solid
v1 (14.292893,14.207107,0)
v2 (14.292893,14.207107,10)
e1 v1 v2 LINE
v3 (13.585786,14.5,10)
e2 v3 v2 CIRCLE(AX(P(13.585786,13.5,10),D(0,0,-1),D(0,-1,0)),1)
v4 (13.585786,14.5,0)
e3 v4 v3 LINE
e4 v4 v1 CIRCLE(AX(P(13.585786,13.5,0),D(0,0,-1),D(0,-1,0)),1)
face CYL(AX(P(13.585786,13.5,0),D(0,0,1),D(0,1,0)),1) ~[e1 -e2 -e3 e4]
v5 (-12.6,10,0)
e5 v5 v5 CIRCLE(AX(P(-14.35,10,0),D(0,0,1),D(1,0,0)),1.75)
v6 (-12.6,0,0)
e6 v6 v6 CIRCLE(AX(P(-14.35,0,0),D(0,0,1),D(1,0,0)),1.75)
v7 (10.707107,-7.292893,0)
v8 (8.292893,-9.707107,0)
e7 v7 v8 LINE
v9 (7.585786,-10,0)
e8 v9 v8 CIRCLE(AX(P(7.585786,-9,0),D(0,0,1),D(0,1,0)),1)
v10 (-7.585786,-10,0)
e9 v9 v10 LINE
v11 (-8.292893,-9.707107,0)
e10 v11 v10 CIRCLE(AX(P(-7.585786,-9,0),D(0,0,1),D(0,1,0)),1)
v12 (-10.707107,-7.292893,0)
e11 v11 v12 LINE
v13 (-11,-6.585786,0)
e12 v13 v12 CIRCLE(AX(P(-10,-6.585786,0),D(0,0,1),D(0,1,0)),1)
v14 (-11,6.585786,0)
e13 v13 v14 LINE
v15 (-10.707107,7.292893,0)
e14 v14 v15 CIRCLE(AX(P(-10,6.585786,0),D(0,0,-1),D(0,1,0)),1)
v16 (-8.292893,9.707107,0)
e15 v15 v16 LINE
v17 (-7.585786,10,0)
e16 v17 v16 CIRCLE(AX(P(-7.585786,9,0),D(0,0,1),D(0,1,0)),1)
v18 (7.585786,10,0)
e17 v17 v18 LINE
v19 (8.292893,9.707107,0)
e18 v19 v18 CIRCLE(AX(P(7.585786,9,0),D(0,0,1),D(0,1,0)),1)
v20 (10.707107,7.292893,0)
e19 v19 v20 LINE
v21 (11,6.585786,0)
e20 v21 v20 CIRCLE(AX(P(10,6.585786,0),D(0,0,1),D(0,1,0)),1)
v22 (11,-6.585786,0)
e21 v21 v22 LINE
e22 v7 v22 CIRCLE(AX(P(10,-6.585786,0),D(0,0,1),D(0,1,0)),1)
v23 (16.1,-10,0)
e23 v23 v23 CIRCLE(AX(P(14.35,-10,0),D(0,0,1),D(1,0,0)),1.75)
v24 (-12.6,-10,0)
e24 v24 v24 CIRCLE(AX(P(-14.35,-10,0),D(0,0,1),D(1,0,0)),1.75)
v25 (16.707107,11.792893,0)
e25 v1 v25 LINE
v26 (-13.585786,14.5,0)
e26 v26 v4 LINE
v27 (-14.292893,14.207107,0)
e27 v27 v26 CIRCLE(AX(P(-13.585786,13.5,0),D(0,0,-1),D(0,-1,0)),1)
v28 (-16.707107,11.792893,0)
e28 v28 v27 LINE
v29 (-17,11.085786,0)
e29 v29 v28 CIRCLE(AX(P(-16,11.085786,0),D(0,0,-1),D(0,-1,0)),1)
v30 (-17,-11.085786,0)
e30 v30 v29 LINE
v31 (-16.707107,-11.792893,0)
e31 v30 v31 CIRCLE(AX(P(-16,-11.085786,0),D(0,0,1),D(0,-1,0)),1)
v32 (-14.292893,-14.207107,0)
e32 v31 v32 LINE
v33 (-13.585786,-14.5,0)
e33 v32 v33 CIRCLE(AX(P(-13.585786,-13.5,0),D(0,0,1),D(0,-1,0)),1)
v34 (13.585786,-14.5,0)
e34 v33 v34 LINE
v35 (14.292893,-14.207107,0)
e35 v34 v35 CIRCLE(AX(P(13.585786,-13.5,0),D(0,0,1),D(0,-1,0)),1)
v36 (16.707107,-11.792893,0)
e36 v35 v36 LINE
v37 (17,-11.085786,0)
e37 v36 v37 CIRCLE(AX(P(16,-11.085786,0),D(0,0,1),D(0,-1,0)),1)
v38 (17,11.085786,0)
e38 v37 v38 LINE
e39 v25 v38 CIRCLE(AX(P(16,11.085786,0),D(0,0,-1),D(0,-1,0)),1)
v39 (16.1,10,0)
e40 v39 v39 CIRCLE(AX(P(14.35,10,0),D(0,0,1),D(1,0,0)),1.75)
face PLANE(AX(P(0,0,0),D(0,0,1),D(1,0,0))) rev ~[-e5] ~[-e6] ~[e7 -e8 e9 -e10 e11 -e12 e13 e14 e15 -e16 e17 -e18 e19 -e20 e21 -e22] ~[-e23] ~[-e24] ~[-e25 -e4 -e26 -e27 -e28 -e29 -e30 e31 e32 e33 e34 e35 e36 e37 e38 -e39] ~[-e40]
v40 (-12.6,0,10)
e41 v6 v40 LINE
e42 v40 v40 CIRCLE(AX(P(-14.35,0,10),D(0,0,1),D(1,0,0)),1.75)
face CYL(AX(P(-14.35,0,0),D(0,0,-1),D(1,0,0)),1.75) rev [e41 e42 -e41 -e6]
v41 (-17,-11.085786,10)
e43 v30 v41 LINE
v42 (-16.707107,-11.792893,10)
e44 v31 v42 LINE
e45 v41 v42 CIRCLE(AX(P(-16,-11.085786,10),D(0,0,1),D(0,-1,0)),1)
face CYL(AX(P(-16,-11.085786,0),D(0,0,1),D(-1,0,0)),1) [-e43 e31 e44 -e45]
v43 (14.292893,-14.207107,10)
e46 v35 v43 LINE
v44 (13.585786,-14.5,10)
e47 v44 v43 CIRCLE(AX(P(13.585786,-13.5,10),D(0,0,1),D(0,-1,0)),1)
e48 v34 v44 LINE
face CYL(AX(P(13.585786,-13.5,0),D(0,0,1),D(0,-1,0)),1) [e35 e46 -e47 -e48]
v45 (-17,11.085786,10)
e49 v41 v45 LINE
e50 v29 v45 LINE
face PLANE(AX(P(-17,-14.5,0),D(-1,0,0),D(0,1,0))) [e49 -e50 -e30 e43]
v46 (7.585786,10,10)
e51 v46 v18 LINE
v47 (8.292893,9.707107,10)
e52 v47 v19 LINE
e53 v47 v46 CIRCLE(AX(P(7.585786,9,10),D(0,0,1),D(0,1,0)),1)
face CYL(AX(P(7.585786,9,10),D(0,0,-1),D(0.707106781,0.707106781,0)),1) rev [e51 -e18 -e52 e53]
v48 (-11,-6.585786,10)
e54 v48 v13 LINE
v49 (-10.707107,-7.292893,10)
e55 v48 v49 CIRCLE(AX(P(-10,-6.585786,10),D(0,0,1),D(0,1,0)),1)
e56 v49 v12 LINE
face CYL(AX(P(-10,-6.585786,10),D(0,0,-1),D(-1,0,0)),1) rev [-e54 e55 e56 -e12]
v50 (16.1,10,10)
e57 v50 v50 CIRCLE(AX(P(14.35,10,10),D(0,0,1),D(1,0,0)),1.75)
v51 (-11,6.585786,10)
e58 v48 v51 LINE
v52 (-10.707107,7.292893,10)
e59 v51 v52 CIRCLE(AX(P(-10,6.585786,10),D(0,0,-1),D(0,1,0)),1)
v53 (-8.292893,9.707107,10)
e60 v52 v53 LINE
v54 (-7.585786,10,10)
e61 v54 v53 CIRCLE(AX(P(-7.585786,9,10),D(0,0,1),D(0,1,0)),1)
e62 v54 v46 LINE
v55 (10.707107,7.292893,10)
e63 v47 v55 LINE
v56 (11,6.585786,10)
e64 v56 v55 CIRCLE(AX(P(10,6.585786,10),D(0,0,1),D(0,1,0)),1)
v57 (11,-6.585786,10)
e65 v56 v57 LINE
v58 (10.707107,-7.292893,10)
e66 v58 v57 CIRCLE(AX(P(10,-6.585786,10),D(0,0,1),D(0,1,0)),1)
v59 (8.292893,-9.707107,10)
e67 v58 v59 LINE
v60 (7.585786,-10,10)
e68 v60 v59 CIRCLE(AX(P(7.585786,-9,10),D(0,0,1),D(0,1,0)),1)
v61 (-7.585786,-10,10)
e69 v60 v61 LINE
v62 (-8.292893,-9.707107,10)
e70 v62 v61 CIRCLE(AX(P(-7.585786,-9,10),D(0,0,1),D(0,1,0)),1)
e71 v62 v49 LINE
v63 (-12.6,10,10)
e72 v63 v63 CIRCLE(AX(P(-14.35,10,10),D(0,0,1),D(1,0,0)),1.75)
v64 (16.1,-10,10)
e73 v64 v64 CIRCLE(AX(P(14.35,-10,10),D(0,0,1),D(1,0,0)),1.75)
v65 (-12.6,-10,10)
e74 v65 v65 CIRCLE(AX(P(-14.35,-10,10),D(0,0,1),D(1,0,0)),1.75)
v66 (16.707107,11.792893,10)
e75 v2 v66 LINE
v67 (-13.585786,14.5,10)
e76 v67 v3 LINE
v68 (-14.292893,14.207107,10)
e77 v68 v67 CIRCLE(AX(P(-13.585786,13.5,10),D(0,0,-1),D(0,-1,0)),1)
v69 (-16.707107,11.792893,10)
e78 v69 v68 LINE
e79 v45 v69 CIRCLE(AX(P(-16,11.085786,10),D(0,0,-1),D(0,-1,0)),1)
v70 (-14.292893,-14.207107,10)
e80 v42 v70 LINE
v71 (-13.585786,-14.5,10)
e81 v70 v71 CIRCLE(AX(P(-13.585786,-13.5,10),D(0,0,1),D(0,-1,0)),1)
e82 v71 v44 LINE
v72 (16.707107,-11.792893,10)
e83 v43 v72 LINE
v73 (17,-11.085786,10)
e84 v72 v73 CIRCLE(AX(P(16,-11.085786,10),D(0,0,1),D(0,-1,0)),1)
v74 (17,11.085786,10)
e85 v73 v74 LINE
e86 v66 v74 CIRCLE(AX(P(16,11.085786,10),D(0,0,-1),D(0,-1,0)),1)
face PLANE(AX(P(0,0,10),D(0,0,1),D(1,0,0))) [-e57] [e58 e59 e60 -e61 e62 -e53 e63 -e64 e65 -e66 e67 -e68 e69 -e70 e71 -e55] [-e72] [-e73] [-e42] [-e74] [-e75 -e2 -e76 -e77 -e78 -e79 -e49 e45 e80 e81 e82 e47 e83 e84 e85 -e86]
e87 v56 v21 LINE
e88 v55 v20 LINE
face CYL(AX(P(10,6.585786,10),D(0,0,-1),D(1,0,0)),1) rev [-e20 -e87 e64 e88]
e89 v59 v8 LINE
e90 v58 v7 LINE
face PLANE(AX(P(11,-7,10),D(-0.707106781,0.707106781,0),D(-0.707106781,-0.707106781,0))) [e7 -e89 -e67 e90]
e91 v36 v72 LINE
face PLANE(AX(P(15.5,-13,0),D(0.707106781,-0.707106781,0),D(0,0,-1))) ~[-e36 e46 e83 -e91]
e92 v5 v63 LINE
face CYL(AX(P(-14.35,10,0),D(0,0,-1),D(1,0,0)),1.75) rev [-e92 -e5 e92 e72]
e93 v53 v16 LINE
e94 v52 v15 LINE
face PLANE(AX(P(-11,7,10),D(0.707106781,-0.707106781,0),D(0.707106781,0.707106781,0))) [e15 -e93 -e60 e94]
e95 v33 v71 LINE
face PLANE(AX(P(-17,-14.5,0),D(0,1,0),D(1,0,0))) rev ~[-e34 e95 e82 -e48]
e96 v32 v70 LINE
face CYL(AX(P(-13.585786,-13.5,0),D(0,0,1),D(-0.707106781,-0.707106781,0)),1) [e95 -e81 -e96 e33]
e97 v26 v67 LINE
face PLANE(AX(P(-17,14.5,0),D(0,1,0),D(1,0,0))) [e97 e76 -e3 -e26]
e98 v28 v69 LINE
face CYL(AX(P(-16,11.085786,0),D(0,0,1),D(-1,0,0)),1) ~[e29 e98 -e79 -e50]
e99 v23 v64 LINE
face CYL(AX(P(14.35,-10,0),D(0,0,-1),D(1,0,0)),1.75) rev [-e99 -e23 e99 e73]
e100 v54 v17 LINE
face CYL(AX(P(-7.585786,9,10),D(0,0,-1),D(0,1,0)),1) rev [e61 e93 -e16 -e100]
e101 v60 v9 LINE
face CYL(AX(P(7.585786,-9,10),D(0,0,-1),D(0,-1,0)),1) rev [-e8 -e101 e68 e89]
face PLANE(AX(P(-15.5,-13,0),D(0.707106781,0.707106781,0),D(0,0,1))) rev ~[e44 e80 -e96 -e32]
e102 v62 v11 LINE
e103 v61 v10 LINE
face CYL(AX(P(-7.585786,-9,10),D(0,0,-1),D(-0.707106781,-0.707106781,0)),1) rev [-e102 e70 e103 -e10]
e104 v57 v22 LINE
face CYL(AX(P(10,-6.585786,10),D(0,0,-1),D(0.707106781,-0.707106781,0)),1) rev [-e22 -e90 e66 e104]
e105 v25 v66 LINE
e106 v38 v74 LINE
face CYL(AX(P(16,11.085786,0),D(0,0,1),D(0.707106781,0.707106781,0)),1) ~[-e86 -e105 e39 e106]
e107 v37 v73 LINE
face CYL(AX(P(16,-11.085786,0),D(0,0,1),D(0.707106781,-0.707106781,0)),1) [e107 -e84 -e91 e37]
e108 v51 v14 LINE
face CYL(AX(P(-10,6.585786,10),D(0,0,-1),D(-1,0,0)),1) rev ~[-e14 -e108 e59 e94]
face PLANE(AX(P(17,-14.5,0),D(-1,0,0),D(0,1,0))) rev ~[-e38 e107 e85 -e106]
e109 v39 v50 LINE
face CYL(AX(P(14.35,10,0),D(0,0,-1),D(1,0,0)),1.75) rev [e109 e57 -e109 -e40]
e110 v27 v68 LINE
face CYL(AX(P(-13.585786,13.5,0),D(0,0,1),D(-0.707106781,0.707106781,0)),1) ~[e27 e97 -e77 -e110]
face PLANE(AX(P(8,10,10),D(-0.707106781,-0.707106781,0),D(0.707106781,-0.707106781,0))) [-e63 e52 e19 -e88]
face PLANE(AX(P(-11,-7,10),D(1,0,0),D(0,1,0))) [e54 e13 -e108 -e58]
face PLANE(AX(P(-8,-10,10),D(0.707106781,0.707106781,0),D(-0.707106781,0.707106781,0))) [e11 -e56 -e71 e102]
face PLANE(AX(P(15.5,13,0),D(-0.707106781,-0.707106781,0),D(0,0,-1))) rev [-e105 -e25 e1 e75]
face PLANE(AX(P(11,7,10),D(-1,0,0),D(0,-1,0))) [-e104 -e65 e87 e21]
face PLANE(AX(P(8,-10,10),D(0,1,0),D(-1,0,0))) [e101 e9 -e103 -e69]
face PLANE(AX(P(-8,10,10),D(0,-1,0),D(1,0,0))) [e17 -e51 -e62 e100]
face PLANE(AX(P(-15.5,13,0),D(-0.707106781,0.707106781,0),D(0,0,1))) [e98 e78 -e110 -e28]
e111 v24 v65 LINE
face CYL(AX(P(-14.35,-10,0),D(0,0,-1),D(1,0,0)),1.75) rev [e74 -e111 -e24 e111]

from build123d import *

# Parameters (mm, degrees)
SKETCH_1_W          = 34
SKETCH_1_H          = 29
SKETCH_1_R          = 1.75
EXTRUDE_1_DEPTH     = 10
CHAMFER_1_SIZE      = 3
CUT_EXTRUDE_1_DEPTH = 11
FILLET_1_R          = 1


with BuildPart() as part:
    # 草图1 → 凸台-拉伸1 (new body)
    with BuildSketch(Plane.XY):
        Rectangle(SKETCH_1_W, SKETCH_1_H)
        with Locations((-14.35, -10)):
            Circle(SKETCH_1_R, mode=Mode.SUBTRACT)
        with Locations((-14.35, 10)):
            Circle(SKETCH_1_R, mode=Mode.SUBTRACT)
        with Locations((14.35, 10)):
            Circle(SKETCH_1_R, mode=Mode.SUBTRACT)
        with Locations((14.35, -10)):
            Circle(SKETCH_1_R, mode=Mode.SUBTRACT)
        with Locations((-14.35, 0)):
            Circle(SKETCH_1_R, mode=Mode.SUBTRACT)
    extrude(amount=EXTRUDE_1_DEPTH)

    # 倒角1
    chamfer_1_edges = [part.edges().sort_by_distance(p)[0] for p in [
        (17, -14.5, 5),
        (-17, -14.5, 5),
        (-17, 14.5, 5),
        (17, 14.5, 5),
    ]]
    chamfer(chamfer_1_edges, length=CHAMFER_1_SIZE)

    # 草图2 → 切除-拉伸1 (cut, through all)
    with BuildSketch(Plane.XY.offset(10)):
        Polygon((-11, 7), (-8, 10), (8, 10), (11, 7), (11, -7), (8, -10), (-8, -10), (-11, -7), align=None)
    extrude(amount=-CUT_EXTRUDE_1_DEPTH, mode=Mode.SUBTRACT)

    # 圆角1
    fillet_1_edges = [part.edges().sort_by_distance(p)[0] for p in [
        (17, 11.5, 5),
        (17, -11.5, 5),
        (-14, -14.5, 5),
        (14, -14.5, 5),
        (-14, 14.5, 5),
        (14, 14.5, 5),
        (-17, 11.5, 5),
        (-17, -11.5, 5),
        (-8, 10, 5),
        (8, 10, 5),
        (11, 7, 5),
        (11, -7, 5),
        (8, -10, 5),
        (-8, -10, 5),
        (-11, -7, 5),
        (-11, 7, 5),
    ]]
    fillet(fillet_1_edges, radius=FILLET_1_R)


solid = part.part
